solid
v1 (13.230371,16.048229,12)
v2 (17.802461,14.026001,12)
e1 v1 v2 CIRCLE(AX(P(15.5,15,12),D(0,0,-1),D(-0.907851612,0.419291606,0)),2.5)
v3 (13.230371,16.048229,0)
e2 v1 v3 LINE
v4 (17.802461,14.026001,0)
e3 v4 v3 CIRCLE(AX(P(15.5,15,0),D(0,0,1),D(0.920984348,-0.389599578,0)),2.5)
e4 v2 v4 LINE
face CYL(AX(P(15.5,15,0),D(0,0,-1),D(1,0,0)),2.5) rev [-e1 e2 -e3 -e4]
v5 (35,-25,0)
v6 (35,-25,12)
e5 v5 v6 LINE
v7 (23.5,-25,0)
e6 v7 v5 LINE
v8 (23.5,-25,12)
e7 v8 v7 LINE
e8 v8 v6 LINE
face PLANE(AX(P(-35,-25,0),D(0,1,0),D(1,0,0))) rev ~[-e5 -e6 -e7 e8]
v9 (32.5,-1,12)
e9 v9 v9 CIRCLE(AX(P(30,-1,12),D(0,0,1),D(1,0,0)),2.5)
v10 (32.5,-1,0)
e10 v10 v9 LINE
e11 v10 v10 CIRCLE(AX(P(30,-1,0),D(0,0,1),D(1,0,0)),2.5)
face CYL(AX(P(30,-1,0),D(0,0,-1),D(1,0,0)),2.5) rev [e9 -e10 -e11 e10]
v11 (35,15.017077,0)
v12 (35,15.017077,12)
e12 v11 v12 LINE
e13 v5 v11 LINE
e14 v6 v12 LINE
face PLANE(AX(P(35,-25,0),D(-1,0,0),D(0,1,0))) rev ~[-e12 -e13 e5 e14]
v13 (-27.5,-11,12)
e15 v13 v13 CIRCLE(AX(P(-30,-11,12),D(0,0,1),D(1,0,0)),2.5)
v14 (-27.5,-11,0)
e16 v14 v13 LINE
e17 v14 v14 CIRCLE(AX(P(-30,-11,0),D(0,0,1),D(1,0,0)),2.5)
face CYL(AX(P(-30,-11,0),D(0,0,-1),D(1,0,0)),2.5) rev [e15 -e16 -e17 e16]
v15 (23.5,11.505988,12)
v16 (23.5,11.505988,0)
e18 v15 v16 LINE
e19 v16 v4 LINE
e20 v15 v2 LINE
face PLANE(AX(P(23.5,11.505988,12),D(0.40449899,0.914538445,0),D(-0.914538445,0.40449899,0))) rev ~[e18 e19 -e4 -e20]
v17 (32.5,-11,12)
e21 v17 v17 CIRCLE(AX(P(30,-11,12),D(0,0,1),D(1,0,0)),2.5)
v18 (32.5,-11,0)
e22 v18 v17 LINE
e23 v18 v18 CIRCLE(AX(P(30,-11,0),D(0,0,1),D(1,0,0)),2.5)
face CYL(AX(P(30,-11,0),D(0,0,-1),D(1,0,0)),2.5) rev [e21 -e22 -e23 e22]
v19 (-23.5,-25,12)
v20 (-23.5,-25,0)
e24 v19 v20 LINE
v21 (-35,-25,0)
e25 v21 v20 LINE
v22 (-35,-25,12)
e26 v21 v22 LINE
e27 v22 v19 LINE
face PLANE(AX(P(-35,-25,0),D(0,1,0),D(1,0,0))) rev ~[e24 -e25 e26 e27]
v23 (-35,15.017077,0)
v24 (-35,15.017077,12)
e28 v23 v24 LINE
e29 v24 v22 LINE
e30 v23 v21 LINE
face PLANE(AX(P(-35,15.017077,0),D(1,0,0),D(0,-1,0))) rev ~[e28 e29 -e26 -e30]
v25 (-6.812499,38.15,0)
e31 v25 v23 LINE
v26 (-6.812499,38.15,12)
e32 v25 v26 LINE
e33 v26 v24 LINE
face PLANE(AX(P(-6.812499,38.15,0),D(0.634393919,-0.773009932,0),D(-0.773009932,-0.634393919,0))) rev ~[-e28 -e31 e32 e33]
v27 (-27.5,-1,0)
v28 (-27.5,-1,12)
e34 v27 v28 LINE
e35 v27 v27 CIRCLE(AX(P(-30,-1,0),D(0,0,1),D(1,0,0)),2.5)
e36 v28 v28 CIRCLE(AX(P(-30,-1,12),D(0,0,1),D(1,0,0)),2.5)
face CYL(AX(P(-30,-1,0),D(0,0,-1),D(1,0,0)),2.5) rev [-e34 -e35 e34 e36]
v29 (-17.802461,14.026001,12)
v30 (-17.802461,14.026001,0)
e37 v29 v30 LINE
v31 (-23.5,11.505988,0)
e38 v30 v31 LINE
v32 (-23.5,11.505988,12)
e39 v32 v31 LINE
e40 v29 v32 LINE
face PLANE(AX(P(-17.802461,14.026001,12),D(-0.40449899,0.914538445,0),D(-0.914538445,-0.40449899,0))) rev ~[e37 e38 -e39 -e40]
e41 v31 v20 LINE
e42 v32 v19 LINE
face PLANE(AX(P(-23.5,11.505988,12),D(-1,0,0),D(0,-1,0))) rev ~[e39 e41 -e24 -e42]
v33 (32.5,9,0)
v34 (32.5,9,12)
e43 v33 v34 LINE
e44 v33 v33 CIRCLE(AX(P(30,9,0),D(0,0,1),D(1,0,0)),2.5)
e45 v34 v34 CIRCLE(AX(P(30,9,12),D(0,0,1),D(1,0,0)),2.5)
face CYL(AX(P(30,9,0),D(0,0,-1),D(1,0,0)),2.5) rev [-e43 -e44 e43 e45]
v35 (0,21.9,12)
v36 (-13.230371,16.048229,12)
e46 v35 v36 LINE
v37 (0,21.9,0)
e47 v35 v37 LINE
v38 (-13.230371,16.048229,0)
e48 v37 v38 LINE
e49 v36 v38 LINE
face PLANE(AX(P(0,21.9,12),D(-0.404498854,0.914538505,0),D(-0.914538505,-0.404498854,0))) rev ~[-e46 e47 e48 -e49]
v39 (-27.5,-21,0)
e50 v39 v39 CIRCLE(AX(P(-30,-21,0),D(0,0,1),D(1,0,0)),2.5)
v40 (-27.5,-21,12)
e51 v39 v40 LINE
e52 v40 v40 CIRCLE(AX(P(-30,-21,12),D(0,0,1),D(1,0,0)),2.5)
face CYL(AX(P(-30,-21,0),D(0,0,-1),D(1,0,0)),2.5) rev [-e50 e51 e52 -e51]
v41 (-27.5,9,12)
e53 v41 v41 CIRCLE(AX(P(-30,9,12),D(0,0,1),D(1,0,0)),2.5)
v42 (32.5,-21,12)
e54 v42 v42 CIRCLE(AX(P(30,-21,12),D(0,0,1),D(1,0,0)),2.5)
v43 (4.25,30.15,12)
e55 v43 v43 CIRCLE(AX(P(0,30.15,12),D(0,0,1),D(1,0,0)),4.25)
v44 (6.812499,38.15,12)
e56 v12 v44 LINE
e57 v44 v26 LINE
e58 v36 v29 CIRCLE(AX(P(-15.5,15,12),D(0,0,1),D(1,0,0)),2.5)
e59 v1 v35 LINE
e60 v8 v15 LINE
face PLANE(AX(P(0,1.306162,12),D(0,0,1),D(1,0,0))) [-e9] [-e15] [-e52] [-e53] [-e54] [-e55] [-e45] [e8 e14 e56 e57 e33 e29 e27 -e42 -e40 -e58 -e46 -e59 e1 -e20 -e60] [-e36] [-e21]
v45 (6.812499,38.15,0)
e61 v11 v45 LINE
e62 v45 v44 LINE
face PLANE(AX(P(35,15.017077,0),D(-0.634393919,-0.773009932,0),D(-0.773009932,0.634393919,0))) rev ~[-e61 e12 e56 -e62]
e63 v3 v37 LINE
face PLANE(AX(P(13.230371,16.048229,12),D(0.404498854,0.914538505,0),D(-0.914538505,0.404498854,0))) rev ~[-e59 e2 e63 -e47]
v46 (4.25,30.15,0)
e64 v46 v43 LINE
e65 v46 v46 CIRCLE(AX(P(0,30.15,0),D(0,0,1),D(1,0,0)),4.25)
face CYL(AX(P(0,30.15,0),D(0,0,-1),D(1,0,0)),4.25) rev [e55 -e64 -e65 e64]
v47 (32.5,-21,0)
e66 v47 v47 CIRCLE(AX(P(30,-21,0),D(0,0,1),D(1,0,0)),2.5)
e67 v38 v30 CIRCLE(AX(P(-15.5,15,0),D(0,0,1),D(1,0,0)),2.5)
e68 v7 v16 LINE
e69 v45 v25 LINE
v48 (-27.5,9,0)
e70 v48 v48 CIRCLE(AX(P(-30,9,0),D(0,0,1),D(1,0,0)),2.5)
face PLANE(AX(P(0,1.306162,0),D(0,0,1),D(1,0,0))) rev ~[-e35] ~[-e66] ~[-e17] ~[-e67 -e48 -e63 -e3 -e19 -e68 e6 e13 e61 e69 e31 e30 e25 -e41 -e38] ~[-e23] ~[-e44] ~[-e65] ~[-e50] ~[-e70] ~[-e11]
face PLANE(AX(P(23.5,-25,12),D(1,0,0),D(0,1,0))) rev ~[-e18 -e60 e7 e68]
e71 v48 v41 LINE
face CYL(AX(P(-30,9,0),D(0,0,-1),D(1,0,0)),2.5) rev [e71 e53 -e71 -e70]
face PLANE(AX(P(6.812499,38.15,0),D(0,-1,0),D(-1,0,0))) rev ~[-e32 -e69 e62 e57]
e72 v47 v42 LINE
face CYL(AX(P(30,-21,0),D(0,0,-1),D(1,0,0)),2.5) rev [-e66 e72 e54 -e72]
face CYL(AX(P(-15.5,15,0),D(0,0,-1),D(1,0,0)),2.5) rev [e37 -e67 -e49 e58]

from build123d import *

# Parameters (mm, degrees)
F0_R     = 2.5
F0_R_2   = 12.5
F0_R_3   = 4.25
F1_DEPTH = 12
F2_R     = 2.5
F2_R_2   = 12.5
F3_DEPTH = 25


with BuildPart() as f1:
    # F0 (on Top) → F1 (new body)
    with BuildSketch(Plane.XY):
        Polygon((-6.812499, 38.15), (-35, 15.017077), (-35, -25), (35, -25), (35, 15.017077), (6.812499, 38.15), align=None)
        with Locations((-30, -21)):
            Circle(F0_R, mode=Mode.SUBTRACT)
        with Locations((-30, -11)):
            Circle(F0_R, mode=Mode.SUBTRACT)
        with Locations((-15.5, -15)):
            Circle(F0_R, mode=Mode.SUBTRACT)
        with Locations((-30, -1)):
            Circle(F0_R, mode=Mode.SUBTRACT)
        with Locations((15.5, -15)):
            Circle(F0_R, mode=Mode.SUBTRACT)
        with Locations((30, -21)):
            Circle(F0_R, mode=Mode.SUBTRACT)
        with Locations((30, -11)):
            Circle(F0_R, mode=Mode.SUBTRACT)
        Circle(F0_R_2, mode=Mode.SUBTRACT)
        with Locations((30, -1)):
            Circle(F0_R, mode=Mode.SUBTRACT)
        with Locations((-30, 9)):
            Circle(F0_R, mode=Mode.SUBTRACT)
        with Locations((-15.5, 15)):
            Circle(F0_R, mode=Mode.SUBTRACT)
        with Locations((15.5, 15)):
            Circle(F0_R, mode=Mode.SUBTRACT)
        with Locations((30, 9)):
            Circle(F0_R, mode=Mode.SUBTRACT)
        with Locations((0, 30.15)):
            Circle(F0_R_3, mode=Mode.SUBTRACT)
    extrude(amount=F1_DEPTH)

    # F2 (on face) → F3 (cut)
    with BuildSketch(Plane.XY.offset(12)):
        with BuildLine():
            Line((-23.5, 11.505988), (-23.5, -25))
            Line((-23.5, -25), (23.5, -25))
            Line((23.5, -25), (23.5, 11.505988))
            Line((23.5, 11.505988), (17.802461, 14.026001))
            ThreePointArc((17.802461, 14.026001), (14.488753, 12.713654), (13.230371, 16.048229))
            Line((13.230371, 16.048229), (0, 21.9))
            Line((0, 21.9), (-13.230371, 16.048229))
            ThreePointArc((-13.230371, 16.048229), (-13.058272, 15.536622), (-13, 15))
            ThreePointArc((-13, 15), (-15.003085, 12.549882), (-17.802461, 14.026001))
            Line((-17.802461, 14.026001), (-23.5, 11.505988))
        make_face()
        with Locations((-15.5, -15)):
            Circle(F2_R, mode=Mode.SUBTRACT)
        with Locations((15.5, -15)):
            Circle(F2_R, mode=Mode.SUBTRACT)
        Circle(F2_R_2, mode=Mode.SUBTRACT)
    extrude(amount=-F3_DEPTH, mode=Mode.SUBTRACT)


solid = f1.part
